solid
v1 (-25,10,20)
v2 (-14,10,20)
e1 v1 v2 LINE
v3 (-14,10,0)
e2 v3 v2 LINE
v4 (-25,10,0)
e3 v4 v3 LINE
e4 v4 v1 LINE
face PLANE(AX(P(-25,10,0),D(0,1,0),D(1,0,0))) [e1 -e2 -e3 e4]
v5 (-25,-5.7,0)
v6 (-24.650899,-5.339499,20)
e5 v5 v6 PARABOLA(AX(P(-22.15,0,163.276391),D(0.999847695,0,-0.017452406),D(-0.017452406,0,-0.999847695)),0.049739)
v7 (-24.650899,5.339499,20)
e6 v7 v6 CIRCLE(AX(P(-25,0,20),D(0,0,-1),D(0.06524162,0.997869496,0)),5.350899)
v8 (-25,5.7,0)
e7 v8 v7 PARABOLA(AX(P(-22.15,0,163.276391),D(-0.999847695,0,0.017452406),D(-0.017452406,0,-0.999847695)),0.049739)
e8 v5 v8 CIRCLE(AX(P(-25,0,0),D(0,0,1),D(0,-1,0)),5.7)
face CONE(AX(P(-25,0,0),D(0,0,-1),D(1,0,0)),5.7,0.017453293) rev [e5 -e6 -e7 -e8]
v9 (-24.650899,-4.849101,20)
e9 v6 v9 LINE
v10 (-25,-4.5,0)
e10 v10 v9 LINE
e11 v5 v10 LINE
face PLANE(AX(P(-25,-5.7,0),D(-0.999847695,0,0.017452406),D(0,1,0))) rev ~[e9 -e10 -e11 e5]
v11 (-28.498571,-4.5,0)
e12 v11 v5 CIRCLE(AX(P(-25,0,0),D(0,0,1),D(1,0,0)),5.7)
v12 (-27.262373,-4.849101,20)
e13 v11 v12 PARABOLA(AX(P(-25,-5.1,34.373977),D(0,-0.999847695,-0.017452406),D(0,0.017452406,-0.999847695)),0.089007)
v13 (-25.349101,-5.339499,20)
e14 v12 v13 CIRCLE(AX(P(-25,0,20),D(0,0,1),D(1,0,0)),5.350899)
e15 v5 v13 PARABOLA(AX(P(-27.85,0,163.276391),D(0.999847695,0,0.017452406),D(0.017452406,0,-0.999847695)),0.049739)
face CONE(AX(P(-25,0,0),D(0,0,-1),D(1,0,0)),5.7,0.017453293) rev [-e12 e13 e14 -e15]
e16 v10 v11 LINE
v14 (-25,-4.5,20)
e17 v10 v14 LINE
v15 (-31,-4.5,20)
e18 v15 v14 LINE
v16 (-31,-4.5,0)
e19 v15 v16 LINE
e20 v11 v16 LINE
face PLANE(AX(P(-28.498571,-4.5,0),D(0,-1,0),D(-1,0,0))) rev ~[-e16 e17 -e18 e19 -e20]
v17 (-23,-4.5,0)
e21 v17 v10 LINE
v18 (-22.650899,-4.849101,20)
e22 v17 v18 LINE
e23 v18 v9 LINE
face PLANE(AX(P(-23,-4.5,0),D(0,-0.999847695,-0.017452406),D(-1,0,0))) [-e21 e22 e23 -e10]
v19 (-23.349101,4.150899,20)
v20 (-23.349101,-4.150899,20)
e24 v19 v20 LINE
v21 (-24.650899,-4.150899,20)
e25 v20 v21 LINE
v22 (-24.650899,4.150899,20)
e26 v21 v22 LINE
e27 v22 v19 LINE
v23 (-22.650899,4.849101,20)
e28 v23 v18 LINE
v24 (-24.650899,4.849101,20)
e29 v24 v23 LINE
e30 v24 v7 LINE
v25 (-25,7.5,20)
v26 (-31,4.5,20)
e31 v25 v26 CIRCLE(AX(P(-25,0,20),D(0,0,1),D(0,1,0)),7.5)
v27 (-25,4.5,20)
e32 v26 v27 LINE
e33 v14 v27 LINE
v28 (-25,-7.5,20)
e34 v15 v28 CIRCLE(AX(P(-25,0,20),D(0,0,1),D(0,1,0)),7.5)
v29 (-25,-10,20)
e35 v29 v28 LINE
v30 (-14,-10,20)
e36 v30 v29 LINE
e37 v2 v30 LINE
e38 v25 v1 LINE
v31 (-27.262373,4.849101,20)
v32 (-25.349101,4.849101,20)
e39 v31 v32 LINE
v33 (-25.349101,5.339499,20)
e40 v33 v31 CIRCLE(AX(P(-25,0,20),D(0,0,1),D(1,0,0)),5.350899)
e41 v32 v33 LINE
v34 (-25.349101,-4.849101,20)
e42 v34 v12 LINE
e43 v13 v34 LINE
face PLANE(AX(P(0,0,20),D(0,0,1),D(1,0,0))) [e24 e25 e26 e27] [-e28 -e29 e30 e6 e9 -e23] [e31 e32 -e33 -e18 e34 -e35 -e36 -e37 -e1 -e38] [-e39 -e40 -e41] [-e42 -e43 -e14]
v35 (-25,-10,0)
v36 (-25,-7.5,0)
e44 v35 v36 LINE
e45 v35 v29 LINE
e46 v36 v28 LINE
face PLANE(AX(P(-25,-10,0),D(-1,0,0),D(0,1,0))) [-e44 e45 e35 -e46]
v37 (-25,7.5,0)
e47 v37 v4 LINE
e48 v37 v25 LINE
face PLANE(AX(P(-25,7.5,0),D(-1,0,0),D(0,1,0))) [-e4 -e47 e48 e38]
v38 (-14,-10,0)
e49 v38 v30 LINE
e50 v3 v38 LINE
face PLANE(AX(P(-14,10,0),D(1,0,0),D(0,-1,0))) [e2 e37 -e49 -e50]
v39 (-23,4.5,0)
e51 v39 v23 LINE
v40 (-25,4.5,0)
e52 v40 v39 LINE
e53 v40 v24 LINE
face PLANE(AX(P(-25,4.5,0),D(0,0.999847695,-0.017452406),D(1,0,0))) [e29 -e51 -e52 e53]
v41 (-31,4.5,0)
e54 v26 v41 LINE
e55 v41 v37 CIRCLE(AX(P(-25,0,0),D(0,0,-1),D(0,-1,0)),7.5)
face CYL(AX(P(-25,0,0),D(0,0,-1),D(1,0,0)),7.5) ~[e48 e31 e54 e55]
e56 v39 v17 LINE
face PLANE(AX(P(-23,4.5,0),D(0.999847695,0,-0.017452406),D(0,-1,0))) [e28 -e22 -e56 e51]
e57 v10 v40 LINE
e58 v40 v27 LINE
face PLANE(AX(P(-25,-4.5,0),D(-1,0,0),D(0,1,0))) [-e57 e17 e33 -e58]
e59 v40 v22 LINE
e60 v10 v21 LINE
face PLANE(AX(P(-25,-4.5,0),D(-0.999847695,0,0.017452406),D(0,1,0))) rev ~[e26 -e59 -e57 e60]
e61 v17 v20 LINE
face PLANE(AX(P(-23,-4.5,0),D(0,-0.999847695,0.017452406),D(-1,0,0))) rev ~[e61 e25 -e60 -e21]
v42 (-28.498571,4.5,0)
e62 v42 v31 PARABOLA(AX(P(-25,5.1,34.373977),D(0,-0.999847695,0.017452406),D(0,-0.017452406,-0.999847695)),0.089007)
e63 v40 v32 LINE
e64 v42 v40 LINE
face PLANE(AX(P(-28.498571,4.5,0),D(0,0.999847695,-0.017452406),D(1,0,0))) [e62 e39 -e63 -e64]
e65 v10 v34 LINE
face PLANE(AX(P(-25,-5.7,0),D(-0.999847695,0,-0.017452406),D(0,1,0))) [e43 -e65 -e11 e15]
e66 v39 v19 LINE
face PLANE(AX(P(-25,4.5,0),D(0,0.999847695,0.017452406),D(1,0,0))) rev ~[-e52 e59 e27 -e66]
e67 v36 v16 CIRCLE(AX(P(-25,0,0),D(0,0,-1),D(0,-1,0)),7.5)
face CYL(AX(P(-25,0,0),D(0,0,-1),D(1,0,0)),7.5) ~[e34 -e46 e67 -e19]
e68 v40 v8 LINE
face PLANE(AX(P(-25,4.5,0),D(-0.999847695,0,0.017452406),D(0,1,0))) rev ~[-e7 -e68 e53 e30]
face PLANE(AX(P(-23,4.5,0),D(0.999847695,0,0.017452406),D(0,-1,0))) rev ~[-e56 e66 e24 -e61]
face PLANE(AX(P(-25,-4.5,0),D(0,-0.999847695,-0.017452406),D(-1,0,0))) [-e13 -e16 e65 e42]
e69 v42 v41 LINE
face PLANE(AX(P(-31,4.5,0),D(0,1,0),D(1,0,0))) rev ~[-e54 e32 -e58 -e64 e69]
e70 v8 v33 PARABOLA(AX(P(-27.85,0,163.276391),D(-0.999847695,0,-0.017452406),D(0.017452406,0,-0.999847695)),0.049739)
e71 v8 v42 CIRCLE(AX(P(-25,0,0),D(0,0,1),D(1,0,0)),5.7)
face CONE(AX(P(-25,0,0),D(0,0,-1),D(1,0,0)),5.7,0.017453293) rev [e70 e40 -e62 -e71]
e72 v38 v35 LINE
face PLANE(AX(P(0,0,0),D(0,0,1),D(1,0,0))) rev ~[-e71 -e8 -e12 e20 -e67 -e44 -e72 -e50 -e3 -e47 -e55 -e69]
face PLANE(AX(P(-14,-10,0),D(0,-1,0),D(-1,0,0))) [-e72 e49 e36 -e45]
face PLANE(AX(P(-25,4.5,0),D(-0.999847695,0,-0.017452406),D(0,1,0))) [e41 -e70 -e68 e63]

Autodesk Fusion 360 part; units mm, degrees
sketch "Sketch1" plane through (0, 0, 0) normal (0, 0, 1) x (1, 0, 0)
  line L0 (-25, 10) -> (-14, 10)
  line L1 (-14, 10) -> (-14, -10)
  line L2 (-14, -10) -> (-25, -10)
  line L3 (-25, -10) -> (-25, 10)
  circle A0 centre (-25, 0) radius 7.5
  circle A1 centre (-25, 0) radius 5.7
  line L4 (-33, 4.5) -> (-23, 4.5)
  line L5 (-23, 4.5) -> (-23, -4.5)
  line L6 (-23, -4.5) -> (-33, -4.5)
  line L7 (-33, -4.5) -> (-33, 4.5)
  dimension "d1" = 11
  dimension "d2" = 20
  dimension "d3" = 15
  dimension "d6" = 11.4
  dimension "d9" = 9
  dimension "d10" = 10
extrude "Extrude1" add sketch "Sketch1" along normal blind 20 contours L0 L1 L2 L3 A0 | L3 A0 A1 | L3 A0 A1 L4 | L3 A1 L4 L5 L6 | L3 A1 L4 | A0 A1 L4 L6 | L3 L4 L5 L6 | L3 A1 L4 L6 | L3 A0 A1 L6 | L3 A1 L6
extrude "Extrude2" cut sketch "Sketch1" along normal blind 20 draft -1 contours L3 A1 L4 L5 L6 | L3 A1 L4 | L3 L4 L5 L6 | L3 A1 L4 L6 | L3 A1 L6
extrude "Extrude3" cut sketch "Sketch1" along normal blind 20 contours A0 A1 L4 L6 | A0 L4 L6 L7 | L3 A1 L4 L6
